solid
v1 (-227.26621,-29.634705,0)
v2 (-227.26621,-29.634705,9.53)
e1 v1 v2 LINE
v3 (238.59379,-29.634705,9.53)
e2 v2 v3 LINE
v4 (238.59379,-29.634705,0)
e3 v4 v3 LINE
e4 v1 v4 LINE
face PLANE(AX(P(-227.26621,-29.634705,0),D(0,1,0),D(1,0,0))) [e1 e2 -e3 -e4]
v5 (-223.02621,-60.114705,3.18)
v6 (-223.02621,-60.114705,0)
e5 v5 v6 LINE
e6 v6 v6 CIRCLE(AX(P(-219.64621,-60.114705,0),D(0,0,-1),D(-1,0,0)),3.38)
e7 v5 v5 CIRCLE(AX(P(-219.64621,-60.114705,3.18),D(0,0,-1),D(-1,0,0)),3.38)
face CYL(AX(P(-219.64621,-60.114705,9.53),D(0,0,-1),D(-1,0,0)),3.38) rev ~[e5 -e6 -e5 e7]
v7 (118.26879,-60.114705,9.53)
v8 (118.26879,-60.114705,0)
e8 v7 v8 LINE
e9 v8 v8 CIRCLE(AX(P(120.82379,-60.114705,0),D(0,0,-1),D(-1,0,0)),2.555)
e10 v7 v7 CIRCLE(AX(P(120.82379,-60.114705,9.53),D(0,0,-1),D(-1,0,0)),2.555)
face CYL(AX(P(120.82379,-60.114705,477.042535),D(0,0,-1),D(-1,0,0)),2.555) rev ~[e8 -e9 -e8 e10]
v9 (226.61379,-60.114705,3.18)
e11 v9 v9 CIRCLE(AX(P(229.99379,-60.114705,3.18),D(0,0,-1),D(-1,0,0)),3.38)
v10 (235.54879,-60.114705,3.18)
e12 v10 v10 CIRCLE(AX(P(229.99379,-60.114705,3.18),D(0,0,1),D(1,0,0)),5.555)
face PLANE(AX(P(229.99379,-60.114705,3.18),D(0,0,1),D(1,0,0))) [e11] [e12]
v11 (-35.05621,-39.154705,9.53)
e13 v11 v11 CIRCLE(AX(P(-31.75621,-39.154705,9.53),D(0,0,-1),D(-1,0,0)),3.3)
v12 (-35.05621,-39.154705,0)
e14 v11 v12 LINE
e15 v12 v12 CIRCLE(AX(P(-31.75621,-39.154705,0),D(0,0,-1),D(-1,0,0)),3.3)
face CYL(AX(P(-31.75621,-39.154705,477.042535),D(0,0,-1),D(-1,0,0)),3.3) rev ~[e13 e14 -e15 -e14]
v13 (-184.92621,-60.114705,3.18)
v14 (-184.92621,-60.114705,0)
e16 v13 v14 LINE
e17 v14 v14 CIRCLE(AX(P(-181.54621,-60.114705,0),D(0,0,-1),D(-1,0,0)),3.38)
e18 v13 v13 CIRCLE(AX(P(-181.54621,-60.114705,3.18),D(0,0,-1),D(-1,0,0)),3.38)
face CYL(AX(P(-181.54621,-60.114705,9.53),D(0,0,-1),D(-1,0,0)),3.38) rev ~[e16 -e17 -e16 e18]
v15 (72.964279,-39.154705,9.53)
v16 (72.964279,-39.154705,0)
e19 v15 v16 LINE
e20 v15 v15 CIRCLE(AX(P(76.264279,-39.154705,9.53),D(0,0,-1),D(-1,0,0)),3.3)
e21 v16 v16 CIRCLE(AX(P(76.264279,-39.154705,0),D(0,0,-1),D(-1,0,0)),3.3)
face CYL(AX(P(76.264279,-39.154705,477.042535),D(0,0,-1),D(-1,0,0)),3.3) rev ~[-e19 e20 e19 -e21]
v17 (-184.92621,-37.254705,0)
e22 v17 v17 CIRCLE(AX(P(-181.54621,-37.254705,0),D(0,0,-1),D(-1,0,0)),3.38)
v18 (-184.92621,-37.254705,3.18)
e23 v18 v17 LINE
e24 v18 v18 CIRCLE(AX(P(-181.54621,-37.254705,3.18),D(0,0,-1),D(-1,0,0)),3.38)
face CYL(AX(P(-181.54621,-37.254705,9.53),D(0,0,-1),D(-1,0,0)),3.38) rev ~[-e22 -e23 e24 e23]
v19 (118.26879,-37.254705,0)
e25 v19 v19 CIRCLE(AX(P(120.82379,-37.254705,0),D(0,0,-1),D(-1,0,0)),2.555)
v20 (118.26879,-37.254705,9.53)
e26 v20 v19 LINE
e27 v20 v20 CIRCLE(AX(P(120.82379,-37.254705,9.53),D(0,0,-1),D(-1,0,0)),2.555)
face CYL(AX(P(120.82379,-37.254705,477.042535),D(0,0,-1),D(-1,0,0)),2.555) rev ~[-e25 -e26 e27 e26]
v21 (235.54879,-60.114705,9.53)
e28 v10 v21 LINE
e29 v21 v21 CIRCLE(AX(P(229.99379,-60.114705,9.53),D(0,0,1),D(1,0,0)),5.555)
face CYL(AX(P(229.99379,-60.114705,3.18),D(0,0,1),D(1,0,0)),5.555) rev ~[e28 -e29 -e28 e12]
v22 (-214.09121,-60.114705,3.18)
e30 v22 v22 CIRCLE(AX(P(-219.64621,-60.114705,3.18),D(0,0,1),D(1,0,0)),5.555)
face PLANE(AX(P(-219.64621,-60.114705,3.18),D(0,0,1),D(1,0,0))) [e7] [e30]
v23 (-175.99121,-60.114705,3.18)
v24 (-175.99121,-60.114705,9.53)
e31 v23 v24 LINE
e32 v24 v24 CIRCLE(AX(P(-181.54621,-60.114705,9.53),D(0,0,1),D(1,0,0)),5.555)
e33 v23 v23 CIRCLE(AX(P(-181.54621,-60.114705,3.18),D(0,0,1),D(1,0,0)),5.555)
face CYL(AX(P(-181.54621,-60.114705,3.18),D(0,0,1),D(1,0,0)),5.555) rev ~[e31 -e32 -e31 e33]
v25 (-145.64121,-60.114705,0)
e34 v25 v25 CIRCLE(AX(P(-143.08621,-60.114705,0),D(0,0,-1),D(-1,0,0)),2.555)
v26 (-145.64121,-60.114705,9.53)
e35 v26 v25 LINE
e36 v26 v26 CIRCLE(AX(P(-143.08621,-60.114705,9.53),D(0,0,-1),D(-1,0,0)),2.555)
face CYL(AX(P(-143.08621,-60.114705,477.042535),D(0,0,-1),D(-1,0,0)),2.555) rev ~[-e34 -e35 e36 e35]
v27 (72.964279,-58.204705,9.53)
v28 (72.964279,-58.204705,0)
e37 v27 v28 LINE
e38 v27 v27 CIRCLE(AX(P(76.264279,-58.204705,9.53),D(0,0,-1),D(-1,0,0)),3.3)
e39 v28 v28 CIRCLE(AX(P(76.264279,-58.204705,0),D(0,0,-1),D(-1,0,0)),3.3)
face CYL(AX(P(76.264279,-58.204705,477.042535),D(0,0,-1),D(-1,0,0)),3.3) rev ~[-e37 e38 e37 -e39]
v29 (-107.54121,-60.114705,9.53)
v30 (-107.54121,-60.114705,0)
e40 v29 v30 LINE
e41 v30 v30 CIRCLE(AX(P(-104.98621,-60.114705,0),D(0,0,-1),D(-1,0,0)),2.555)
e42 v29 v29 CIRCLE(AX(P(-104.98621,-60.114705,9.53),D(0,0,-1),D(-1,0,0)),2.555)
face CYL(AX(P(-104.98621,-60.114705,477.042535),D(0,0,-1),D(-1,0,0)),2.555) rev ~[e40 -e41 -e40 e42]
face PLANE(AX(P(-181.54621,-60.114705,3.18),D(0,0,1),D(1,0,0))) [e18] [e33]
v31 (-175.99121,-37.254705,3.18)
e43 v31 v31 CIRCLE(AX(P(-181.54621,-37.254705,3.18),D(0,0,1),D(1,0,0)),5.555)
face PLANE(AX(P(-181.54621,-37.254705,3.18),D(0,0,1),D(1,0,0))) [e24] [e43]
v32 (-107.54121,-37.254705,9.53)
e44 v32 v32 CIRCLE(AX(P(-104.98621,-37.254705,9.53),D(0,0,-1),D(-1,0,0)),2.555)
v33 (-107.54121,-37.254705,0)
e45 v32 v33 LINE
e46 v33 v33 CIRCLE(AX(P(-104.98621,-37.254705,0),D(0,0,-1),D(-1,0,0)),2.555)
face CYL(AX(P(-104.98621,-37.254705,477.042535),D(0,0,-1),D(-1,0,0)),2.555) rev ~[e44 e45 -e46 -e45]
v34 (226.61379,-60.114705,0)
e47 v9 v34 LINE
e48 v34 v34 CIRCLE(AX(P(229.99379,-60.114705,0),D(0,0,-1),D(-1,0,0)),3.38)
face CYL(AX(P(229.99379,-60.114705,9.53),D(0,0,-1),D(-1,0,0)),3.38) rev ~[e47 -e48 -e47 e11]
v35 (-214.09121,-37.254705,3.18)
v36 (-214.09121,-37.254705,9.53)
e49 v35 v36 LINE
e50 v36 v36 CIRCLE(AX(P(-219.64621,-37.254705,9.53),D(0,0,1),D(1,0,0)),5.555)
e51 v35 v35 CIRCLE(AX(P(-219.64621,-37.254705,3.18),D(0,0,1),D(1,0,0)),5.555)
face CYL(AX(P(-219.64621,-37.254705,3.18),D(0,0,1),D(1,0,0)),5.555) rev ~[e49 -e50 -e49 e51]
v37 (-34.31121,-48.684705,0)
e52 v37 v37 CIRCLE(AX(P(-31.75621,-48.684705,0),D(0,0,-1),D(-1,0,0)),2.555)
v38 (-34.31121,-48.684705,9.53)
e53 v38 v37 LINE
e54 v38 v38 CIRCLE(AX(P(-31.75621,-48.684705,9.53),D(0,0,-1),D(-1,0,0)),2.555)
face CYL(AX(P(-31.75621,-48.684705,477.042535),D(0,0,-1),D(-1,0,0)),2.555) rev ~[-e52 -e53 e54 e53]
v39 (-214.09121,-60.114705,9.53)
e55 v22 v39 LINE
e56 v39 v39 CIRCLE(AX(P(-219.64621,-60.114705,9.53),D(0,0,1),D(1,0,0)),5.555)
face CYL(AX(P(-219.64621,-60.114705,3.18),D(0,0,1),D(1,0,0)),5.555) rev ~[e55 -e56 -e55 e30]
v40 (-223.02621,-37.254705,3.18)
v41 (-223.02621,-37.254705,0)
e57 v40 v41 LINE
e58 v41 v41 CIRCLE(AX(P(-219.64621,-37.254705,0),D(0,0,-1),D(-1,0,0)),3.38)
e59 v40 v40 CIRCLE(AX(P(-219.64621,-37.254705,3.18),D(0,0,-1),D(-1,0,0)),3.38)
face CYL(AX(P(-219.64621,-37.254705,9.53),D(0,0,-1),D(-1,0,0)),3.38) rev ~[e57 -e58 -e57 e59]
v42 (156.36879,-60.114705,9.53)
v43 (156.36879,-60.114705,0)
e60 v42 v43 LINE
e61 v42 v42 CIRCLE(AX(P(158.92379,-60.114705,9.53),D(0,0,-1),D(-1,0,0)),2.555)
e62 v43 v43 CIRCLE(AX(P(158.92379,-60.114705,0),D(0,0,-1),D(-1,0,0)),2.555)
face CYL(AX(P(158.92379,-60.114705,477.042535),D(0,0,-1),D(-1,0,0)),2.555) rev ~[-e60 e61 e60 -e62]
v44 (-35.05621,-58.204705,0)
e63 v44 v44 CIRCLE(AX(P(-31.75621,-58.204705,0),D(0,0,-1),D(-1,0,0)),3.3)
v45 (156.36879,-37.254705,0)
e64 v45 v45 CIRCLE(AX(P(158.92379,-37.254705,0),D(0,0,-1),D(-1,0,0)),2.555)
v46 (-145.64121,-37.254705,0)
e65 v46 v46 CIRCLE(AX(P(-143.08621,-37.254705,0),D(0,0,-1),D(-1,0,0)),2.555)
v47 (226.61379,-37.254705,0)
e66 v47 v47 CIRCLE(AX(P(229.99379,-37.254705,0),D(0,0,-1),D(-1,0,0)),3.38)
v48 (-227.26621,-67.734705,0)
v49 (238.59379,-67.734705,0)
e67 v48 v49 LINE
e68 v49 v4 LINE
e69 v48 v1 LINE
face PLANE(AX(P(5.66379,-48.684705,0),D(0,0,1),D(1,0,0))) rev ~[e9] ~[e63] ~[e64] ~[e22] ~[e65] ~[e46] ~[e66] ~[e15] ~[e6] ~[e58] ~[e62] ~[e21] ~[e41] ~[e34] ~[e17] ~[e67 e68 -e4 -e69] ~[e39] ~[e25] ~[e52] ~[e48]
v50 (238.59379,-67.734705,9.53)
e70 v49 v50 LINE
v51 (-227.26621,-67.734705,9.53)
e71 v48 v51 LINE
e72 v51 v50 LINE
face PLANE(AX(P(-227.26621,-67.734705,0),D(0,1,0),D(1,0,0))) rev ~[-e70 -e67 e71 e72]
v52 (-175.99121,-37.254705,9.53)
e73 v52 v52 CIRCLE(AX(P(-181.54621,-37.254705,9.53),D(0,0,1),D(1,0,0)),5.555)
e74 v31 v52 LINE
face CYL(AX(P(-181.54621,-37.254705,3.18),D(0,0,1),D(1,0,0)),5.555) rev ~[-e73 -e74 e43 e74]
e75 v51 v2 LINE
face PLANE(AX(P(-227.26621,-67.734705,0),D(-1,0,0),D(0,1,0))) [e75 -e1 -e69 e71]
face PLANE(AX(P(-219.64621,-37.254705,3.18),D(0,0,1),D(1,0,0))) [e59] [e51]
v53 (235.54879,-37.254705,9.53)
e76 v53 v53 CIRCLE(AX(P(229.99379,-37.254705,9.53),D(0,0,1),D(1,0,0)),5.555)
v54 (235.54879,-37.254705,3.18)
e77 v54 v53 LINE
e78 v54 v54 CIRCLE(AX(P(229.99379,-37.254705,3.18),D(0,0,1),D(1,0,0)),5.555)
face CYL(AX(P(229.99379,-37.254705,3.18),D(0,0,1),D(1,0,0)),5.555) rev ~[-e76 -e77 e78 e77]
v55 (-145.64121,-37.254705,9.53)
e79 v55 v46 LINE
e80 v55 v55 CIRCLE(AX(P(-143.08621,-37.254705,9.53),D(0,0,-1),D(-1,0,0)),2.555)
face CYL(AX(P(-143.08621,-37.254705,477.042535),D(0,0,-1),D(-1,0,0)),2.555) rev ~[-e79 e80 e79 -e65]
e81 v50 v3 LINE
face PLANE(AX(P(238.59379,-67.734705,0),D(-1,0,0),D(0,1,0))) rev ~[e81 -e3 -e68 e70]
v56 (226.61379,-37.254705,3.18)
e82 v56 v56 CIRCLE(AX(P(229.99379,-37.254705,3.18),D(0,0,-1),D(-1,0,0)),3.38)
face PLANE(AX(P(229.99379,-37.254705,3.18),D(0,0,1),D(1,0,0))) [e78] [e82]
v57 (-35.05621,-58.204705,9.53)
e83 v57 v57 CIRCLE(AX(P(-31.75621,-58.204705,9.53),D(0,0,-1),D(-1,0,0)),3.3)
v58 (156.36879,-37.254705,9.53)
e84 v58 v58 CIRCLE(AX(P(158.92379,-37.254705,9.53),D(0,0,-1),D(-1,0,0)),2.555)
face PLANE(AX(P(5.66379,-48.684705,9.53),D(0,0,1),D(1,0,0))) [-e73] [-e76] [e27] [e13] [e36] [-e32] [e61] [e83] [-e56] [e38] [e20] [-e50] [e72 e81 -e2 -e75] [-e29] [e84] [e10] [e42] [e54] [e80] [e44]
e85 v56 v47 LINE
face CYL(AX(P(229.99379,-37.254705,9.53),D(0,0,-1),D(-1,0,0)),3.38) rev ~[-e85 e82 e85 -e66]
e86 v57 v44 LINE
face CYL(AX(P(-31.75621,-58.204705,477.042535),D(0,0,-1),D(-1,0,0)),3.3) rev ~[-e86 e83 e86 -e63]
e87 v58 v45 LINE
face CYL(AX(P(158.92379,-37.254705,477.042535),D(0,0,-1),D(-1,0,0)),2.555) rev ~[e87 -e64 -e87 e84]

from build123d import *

# Parameters (mm, degrees)
F0_W           = 465.86
F0_H           = 38.1
F1_DEPTH       = 9.53
F3_D           = 6.76
F3_CBORE_D     = 11.11
F3_CBORE_DEPTH = 6.35
F4_D           = 5.11
F5_D           = 5.11
F7_D           = 6.6
F8_D           = 5.11


with BuildPart() as f1:
    # F0 (on Top) → F1 (new body)
    with BuildSketch(Plane.XY):
        with Locations((5.66379, -48.684705)):
            Rectangle(F0_W, F0_H)
    extrude(amount=F1_DEPTH)

    # F3 (through all)
    with Locations(Plane.XY.offset(9.53)):
        with Locations((-219.64621, -37.254705), (-219.64621, -60.114705), (-181.54621, -60.114705), (-181.54621, -37.254705), (229.99379, -60.114705), (229.99379, -37.254705)):
            CounterBoreHole(F3_D / 2, F3_CBORE_D / 2, F3_CBORE_DEPTH)

    # F4 (through all)
    with Locations(Plane.XY.offset(9.53)):
        with Locations((-143.08621, -37.254705)):
            Hole(F4_D / 2)

    # F5 (through all)
    with Locations(Plane.XY.offset(9.53)):
        with Locations((-143.08621, -60.114705), (-104.98621, -60.114705), (-104.98621, -37.254705), (-143.08621, -37.254705), (120.82379, -37.254705), (158.92379, -37.254705), (158.92379, -60.114705), (120.82379, -60.114705)):
            Hole(F5_D / 2)

    # F7 (through all)
    with Locations(Plane.XY.offset(9.53)):
        with Locations((76.264279, -39.154705), (76.264279, -58.204705), (-31.75621, -58.204705), (-31.75621, -39.154705)):
            Hole(F7_D / 2)

    # F8 (through all)
    with Locations(Plane.XY.offset(9.53)):
        with Locations((-31.75621, -48.684705)):
            Hole(F8_D / 2)


solid = f1.part
